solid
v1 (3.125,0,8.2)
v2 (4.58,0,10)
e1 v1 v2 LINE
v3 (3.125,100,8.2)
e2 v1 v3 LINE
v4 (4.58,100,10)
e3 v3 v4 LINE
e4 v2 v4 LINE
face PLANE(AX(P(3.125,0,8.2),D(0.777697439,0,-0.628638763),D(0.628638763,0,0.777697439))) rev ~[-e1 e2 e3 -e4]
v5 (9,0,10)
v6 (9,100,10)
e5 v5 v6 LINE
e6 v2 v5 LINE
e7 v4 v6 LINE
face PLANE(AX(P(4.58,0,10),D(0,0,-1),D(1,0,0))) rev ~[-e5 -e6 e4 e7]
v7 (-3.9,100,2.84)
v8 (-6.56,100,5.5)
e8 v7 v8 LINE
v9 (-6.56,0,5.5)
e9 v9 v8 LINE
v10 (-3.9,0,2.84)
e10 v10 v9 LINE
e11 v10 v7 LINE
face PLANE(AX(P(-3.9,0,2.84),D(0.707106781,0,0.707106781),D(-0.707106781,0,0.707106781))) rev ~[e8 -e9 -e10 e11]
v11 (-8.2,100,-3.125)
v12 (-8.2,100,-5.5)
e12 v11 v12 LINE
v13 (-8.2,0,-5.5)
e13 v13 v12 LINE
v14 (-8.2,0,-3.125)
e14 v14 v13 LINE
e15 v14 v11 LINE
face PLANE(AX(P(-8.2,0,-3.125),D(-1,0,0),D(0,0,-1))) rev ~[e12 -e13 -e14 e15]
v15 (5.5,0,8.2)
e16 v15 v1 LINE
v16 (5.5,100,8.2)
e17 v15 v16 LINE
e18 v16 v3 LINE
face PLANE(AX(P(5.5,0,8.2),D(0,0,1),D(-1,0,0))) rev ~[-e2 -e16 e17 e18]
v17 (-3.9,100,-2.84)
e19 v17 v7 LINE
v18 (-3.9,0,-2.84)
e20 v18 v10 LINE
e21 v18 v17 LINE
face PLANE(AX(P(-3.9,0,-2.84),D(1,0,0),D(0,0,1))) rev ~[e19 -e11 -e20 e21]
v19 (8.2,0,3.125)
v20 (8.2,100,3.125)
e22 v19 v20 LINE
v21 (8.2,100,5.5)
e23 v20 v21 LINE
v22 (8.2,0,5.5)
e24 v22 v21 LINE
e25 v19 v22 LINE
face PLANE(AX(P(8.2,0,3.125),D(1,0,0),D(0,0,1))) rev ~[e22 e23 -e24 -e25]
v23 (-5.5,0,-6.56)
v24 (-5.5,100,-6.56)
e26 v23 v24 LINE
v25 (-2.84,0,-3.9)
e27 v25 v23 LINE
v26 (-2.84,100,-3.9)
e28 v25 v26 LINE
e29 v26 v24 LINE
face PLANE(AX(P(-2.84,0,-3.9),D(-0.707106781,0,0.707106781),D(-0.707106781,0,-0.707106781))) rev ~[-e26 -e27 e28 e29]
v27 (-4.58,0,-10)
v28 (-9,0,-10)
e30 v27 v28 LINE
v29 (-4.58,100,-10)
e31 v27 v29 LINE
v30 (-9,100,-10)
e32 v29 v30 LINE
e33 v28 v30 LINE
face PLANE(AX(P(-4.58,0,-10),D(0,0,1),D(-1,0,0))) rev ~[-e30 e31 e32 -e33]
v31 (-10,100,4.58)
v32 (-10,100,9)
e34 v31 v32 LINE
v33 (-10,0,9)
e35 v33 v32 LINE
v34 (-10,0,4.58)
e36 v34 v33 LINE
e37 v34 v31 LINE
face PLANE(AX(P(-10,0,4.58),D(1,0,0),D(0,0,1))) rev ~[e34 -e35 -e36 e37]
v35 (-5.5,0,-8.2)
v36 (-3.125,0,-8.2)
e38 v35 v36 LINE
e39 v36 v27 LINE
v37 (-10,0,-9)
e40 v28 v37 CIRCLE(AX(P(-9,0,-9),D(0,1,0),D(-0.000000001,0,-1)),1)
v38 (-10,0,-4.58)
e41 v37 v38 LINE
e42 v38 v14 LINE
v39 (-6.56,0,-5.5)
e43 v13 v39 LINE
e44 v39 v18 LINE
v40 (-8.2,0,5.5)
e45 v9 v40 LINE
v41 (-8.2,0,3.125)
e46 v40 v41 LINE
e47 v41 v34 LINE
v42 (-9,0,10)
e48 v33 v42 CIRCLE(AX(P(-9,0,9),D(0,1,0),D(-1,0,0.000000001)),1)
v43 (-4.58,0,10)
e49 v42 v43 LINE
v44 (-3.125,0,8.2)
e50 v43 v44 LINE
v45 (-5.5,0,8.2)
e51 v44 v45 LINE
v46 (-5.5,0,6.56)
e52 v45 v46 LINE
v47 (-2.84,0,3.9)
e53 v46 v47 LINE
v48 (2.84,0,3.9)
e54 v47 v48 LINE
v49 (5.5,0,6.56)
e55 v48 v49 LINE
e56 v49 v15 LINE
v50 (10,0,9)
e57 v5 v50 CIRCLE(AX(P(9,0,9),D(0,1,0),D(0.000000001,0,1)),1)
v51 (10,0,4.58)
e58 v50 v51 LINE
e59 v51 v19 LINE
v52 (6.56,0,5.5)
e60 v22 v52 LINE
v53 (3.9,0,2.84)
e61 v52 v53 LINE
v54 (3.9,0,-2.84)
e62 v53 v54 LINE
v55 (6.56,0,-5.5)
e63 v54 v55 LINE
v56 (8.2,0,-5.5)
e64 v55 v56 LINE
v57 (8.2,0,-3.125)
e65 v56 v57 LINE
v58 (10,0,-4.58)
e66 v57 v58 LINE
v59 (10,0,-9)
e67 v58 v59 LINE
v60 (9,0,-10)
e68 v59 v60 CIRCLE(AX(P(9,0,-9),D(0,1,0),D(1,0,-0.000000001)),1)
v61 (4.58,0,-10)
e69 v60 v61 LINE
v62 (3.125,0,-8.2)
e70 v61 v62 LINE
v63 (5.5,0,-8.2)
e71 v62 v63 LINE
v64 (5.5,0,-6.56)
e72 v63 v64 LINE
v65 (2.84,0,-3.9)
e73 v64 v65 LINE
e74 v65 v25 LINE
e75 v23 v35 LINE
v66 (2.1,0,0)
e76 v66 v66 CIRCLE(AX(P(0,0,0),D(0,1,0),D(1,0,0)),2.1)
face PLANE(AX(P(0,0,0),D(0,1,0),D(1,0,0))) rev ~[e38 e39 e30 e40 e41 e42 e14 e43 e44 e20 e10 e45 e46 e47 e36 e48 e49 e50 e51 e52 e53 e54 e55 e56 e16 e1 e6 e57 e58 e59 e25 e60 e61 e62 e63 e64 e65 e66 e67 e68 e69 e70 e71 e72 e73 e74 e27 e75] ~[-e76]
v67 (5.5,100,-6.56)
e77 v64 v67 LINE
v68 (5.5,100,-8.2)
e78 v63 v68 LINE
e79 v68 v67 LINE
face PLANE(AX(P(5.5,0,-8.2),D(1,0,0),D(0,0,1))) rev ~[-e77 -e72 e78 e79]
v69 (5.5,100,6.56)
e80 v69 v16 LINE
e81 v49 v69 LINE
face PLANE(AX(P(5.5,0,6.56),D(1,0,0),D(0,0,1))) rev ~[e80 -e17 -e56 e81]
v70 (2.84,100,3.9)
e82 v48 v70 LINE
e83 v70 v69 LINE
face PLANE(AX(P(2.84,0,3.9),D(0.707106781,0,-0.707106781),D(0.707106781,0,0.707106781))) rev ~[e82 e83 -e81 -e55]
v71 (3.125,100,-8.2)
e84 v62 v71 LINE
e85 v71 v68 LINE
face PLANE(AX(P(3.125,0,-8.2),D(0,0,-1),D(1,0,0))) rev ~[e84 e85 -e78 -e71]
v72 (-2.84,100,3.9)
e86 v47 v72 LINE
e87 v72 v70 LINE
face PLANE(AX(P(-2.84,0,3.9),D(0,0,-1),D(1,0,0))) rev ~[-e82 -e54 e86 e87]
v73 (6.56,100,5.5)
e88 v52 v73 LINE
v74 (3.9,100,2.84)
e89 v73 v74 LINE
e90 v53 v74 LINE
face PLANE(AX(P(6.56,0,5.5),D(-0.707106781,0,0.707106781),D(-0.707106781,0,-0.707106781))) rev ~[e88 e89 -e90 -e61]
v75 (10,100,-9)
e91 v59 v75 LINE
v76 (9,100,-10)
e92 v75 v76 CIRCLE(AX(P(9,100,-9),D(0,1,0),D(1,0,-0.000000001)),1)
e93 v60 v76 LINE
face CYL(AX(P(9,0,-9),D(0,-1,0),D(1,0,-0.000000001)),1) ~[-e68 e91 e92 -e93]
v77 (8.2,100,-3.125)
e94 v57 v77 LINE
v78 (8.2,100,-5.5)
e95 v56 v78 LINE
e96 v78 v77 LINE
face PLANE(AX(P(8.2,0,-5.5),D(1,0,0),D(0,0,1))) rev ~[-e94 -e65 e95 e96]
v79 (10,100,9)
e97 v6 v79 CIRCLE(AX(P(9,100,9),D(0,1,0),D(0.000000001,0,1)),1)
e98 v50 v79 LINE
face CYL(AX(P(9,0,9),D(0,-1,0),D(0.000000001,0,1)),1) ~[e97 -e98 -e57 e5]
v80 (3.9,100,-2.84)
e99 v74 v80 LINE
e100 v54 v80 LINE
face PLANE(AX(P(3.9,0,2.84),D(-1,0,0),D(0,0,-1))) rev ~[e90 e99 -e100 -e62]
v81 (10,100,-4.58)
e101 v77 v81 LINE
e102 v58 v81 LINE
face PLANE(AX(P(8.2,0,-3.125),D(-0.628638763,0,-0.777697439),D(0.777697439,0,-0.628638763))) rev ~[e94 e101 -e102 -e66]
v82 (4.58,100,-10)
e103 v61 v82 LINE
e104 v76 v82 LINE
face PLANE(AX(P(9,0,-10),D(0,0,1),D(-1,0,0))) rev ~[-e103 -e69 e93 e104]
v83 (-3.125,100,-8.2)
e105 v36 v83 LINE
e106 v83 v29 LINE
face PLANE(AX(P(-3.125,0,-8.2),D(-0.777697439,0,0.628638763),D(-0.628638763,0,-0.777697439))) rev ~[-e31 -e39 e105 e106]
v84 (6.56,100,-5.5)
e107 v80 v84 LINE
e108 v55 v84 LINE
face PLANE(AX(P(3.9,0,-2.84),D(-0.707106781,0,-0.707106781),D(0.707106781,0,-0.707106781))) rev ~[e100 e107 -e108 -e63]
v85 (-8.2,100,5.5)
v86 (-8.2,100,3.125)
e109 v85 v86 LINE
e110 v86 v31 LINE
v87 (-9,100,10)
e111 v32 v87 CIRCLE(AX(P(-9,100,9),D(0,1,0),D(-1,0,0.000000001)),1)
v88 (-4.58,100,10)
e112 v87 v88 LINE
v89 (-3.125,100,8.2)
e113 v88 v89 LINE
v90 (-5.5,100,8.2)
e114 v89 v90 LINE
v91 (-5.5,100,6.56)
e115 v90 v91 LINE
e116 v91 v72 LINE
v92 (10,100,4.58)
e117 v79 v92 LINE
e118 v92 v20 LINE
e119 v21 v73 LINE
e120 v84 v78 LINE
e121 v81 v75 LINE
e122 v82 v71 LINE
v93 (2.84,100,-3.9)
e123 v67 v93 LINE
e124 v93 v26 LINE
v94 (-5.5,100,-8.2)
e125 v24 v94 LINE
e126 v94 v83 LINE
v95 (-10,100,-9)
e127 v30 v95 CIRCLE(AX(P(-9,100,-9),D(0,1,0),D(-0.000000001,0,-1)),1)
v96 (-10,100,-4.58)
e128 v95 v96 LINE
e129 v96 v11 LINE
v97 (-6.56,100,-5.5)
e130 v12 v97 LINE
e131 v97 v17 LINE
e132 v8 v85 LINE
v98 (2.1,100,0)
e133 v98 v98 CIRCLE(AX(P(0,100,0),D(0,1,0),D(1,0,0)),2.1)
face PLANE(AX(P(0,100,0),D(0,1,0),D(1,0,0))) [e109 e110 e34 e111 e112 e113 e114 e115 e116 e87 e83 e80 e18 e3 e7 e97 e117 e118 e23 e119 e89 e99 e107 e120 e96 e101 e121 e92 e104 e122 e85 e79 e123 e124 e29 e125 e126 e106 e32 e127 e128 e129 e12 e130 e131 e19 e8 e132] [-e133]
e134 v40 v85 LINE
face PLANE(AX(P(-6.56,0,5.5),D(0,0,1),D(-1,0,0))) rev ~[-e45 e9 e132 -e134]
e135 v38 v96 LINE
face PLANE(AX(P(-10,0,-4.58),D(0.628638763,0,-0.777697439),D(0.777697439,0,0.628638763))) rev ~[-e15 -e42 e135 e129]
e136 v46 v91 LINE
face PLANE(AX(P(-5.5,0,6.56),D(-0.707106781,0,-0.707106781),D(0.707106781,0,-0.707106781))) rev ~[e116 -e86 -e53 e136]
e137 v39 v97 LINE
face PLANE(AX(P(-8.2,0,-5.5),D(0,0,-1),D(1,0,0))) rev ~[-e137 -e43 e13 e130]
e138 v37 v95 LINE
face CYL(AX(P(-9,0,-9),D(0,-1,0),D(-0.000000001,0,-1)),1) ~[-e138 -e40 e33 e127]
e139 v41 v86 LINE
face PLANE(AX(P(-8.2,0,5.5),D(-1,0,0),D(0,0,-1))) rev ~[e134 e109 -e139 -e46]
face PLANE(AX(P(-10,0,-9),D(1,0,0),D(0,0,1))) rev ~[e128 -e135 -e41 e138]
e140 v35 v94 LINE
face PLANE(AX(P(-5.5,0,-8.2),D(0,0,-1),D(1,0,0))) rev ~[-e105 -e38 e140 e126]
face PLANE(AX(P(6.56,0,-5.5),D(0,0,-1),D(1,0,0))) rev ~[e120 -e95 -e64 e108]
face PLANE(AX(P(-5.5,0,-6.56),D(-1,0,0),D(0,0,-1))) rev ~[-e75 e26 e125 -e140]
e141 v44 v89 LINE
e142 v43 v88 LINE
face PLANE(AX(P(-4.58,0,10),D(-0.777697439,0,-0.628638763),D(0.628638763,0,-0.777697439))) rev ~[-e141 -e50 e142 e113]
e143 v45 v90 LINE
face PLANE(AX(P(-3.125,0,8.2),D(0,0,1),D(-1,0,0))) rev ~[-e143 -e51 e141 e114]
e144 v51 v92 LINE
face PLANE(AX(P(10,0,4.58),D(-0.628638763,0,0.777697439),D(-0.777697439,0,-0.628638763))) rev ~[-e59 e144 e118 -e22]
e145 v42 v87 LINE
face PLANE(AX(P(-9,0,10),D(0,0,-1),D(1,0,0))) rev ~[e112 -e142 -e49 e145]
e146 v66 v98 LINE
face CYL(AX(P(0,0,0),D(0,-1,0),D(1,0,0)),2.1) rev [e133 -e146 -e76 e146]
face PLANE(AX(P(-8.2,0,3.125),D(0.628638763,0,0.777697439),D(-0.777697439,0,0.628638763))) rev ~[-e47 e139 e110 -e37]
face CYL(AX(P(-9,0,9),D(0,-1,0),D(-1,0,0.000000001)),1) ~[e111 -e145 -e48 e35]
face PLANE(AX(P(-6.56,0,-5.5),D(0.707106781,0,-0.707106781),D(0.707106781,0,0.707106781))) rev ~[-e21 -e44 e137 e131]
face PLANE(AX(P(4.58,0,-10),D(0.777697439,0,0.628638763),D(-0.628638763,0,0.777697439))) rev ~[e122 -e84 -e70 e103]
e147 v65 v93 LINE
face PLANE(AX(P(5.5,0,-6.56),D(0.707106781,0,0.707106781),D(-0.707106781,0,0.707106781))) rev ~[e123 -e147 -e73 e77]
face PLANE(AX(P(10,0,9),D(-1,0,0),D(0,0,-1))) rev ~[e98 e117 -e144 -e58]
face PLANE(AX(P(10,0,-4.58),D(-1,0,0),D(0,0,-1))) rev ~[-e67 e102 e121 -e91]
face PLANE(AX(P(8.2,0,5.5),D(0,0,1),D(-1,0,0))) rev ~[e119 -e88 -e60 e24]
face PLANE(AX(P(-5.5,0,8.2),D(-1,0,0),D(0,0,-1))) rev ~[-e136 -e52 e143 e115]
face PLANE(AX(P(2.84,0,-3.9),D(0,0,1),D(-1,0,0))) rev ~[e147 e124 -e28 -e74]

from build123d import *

# Parameters (mm, degrees)
SKETCH1_R           = 2.1
BOSS_EXTRUDE1_DEPTH = 100


with BuildPart() as part:
    # Sketch1 → Boss-Extrude1 (new body)
    with BuildSketch(Plane(origin=(0, 0, 0), x_dir=(1, 0, 0), z_dir=(0, 1, 0))):
        with BuildLine():
            Line((-5.5, 8.2), (-3.125, 8.2))
            Line((-3.125, 8.2), (-4.58, 10))
            Line((-4.58, 10), (-9, 10))
            ThreePointArc((-9, 10), (-9.707106781, 9.707106781), (-10, 9))
            Line((-10, 9), (-10, 4.58))
            Line((-10, 4.58), (-8.2, 3.125))
            Line((-8.2, 3.125), (-8.2, 5.5))
            Line((-8.2, 5.5), (-6.56, 5.5))
            Line((-6.56, 5.5), (-3.9, 2.84))
            Line((-3.9, 2.84), (-3.9, -2.84))
            Line((-3.9, -2.84), (-6.56, -5.5))
            Line((-6.56, -5.5), (-8.2, -5.5))
            Line((-8.2, -5.5), (-8.2, -3.125))
            Line((-8.2, -3.125), (-10, -4.58))
            Line((-10, -4.58), (-10, -9))
            ThreePointArc((-10, -9), (-9.707106781, -9.707106781), (-9, -10))
            Line((-9, -10), (-4.58, -10))
            Line((-4.58, -10), (-3.125, -8.2))
            Line((-3.125, -8.2), (-5.5, -8.2))
            Line((-5.5, -8.2), (-5.5, -6.56))
            Line((-5.5, -6.56), (-2.84, -3.9))
            Line((-2.84, -3.9), (2.84, -3.9))
            Line((2.84, -3.9), (5.5, -6.56))
            Line((5.5, -6.56), (5.5, -8.2))
            Line((5.5, -8.2), (3.125, -8.2))
            Line((3.125, -8.2), (4.58, -10))
            Line((4.58, -10), (9, -10))
            ThreePointArc((9, -10), (9.707106781, -9.707106781), (10, -9))
            Line((10, -9), (10, -4.58))
            Line((10, -4.58), (8.2, -3.125))
            Line((8.2, -3.125), (8.2, -5.5))
            Line((8.2, -5.5), (6.56, -5.5))
            Line((6.56, -5.5), (3.9, -2.84))
            Line((3.9, -2.84), (3.9, 2.84))
            Line((3.9, 2.84), (6.56, 5.5))
            Line((6.56, 5.5), (8.2, 5.5))
            Line((8.2, 5.5), (8.2, 3.125))
            Line((8.2, 3.125), (10, 4.58))
            Line((10, 4.58), (10, 9))
            ThreePointArc((10, 9), (9.707106781, 9.707106781), (9, 10))
            Line((9, 10), (4.58, 10))
            Line((4.58, 10), (3.125, 8.2))
            Line((3.125, 8.2), (5.5, 8.2))
            Line((5.5, 8.2), (5.5, 6.56))
            Line((5.5, 6.56), (2.84, 3.9))
            Line((2.84, 3.9), (-2.84, 3.9))
            Line((-2.84, 3.9), (-5.5, 6.56))
            Line((-5.5, 6.56), (-5.5, 8.2))
        make_face()
        Circle(SKETCH1_R, mode=Mode.SUBTRACT)
    extrude(amount=BOSS_EXTRUDE1_DEPTH)


solid = part.part
